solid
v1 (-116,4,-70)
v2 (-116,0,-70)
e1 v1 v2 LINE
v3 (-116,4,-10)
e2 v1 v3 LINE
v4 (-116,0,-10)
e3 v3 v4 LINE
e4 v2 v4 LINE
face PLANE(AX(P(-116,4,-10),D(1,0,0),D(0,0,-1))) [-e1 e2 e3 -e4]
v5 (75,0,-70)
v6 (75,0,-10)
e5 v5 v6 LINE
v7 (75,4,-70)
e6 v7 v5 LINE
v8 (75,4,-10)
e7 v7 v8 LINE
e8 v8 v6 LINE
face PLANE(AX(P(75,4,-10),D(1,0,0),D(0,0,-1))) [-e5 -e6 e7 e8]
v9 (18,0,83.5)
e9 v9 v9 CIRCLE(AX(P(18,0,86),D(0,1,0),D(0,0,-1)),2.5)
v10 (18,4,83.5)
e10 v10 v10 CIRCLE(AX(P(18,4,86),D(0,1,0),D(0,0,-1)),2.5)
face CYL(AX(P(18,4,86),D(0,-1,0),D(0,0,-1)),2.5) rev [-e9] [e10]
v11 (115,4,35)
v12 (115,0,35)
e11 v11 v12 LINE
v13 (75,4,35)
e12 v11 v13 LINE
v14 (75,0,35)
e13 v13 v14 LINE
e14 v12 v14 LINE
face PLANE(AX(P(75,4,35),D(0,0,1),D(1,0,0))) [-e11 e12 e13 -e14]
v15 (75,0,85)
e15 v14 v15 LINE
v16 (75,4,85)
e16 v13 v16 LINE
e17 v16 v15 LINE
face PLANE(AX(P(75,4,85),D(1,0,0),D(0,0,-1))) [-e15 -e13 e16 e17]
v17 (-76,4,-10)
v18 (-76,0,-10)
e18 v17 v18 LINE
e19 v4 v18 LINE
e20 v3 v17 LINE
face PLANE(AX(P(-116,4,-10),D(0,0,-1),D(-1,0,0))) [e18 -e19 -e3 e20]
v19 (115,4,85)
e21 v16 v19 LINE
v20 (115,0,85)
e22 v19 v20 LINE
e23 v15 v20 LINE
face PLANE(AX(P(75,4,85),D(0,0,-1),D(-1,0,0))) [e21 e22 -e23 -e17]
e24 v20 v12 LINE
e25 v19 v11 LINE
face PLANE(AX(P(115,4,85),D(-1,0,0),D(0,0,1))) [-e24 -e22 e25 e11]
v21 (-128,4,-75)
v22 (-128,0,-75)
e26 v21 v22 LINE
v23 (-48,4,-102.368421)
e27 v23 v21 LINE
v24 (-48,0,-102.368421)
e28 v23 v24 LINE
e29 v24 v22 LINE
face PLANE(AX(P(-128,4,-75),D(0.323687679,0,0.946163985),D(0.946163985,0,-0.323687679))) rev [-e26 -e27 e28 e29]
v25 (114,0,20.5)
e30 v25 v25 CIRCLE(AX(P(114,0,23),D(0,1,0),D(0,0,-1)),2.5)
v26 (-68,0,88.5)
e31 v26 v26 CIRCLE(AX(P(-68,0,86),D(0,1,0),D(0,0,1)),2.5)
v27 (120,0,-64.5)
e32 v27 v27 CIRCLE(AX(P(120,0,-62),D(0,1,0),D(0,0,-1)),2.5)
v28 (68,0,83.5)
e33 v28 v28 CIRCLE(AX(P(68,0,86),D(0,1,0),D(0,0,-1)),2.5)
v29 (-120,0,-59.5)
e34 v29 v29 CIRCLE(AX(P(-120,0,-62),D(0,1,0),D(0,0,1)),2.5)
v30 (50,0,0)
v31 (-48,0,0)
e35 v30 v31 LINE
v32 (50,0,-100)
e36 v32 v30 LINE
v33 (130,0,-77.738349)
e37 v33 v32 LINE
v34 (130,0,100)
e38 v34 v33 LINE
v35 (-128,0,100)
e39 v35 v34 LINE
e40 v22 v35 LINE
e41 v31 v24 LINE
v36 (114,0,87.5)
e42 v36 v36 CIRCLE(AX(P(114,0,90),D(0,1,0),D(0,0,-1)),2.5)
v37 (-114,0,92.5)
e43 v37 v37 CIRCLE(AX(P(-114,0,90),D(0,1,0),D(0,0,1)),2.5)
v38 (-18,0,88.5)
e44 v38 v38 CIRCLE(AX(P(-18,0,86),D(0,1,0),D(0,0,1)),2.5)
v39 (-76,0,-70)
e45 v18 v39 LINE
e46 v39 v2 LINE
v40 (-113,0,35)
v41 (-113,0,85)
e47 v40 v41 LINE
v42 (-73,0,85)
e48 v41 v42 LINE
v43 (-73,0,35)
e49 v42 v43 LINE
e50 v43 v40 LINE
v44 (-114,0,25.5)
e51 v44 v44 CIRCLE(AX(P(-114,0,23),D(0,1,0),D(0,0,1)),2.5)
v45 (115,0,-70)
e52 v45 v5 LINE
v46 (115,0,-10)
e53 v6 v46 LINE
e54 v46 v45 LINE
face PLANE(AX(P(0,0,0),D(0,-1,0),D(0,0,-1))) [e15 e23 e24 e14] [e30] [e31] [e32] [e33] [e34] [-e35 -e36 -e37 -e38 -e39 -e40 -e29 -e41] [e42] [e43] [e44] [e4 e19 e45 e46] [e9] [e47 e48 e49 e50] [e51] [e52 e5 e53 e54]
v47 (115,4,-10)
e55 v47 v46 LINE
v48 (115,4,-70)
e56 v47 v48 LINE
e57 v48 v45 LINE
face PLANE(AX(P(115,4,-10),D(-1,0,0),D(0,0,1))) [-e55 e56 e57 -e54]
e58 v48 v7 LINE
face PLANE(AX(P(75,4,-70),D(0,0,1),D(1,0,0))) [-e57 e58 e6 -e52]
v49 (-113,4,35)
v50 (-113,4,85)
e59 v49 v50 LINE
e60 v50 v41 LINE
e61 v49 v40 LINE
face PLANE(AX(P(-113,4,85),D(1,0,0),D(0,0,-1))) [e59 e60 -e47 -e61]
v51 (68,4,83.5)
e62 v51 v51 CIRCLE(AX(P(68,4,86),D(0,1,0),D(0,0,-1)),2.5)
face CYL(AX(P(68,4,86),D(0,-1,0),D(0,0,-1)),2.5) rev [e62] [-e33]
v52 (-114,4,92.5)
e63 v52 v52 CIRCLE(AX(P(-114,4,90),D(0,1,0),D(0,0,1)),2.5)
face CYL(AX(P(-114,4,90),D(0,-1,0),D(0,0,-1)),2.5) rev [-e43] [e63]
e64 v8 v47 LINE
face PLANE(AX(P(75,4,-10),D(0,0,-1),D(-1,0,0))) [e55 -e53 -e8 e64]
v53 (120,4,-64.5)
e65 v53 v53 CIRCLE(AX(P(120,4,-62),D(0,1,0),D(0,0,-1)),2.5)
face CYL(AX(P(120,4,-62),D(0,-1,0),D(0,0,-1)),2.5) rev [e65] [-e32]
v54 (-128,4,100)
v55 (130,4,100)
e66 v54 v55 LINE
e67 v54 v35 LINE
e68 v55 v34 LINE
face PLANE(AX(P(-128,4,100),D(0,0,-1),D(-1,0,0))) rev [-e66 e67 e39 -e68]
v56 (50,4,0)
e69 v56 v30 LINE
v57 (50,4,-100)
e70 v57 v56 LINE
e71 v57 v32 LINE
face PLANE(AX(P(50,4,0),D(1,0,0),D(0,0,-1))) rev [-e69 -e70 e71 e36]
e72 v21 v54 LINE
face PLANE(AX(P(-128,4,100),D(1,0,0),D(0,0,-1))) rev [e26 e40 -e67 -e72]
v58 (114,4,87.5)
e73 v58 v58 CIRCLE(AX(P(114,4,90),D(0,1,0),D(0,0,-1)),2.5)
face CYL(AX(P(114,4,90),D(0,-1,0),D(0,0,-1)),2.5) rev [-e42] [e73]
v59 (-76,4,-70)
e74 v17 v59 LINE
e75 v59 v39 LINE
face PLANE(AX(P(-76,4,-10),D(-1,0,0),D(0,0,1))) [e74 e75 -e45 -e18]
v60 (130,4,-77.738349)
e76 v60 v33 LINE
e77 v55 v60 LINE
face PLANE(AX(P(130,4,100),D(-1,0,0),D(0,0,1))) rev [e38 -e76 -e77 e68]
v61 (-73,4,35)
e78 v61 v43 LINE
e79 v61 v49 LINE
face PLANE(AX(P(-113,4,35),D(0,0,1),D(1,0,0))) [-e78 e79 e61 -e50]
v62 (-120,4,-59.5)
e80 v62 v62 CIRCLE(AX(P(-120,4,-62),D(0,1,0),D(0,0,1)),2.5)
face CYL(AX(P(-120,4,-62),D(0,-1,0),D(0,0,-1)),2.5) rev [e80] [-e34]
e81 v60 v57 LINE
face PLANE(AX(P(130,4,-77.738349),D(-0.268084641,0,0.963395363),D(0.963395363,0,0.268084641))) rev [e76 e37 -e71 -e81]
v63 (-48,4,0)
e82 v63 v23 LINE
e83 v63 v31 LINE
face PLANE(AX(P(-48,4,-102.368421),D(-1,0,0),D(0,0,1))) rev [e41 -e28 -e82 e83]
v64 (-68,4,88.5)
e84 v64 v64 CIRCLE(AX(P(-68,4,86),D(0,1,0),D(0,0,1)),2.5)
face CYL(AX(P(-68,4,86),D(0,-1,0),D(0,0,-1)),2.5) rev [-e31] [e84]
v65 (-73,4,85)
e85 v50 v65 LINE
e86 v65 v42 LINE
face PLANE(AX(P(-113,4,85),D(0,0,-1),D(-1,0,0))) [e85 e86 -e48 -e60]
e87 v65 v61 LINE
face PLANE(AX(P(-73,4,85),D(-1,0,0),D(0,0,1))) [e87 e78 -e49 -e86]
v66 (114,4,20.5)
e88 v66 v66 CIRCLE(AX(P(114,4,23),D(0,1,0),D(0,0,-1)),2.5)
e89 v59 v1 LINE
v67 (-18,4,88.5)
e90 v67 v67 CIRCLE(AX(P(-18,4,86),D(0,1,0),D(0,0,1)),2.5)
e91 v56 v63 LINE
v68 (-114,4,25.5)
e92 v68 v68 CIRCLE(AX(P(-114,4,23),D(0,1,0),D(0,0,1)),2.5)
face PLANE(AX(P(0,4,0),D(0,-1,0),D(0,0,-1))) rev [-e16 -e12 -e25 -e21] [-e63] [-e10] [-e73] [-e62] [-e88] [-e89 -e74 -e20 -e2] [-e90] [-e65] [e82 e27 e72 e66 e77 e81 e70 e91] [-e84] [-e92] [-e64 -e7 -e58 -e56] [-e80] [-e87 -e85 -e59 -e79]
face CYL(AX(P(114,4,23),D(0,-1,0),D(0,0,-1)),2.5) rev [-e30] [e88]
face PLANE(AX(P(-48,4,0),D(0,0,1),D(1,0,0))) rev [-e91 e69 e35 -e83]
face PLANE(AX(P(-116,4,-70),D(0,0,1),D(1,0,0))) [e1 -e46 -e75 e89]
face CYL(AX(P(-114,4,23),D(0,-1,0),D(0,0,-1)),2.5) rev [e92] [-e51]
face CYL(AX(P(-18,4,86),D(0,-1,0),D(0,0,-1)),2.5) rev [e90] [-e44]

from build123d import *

# Parameters (mm, degrees)
SKETCH1_R           = 2.5
SKETCH1_W           = 40
SKETCH1_H           = 50
SKETCH1_H_2         = 60
BOSS_EXTRUDE1_DEPTH = 4


with BuildPart() as part:
    # Sketch1 → Boss-Extrude1 (new body)
    with BuildSketch(Plane(origin=(0, 0, 0), x_dir=(1, 0, 0), z_dir=(0, 1, 0))):
        Polygon((-48, 102.368421053), (-48, 0), (50, 0), (50, 100), (130, 77.738349066), (130, -100), (-128, -100), (-128, 75), align=None)
        with Locations(Location((-114, -90, 0), (0, 0, 270))):
            Circle(SKETCH1_R, mode=Mode.SUBTRACT)
        with Locations(Location((-68, -86, 0), (0, 0, 270))):
            Circle(SKETCH1_R, mode=Mode.SUBTRACT)
        with Locations(Location((-18, -86, 0), (0, 0, 270))):
            Circle(SKETCH1_R, mode=Mode.SUBTRACT)
        with Locations(Location((-120, 62, 0), (0, 0, 270))):
            Circle(SKETCH1_R, mode=Mode.SUBTRACT)
        with Locations(Location((-114, -23, 0), (0, 0, 270))):
            Circle(SKETCH1_R, mode=Mode.SUBTRACT)
        with Locations(Location((18, -86, 0), (0, 0, 90))):
            Circle(SKETCH1_R, mode=Mode.SUBTRACT)
        with Locations(Location((68, -86, 0), (0, 0, 90))):
            Circle(SKETCH1_R, mode=Mode.SUBTRACT)
        with Locations(Location((114, -90, 0), (0, 0, 90))):
            Circle(SKETCH1_R, mode=Mode.SUBTRACT)
        with Locations(Location((114, -23, 0), (0, 0, 90))):
            Circle(SKETCH1_R, mode=Mode.SUBTRACT)
        with Locations(Location((120, 62, 0), (0, 0, 90))):
            Circle(SKETCH1_R, mode=Mode.SUBTRACT)
        with Locations((95, -60)):
            Rectangle(SKETCH1_W, SKETCH1_H, mode=Mode.SUBTRACT)
        with Locations((95, 40)):
            Rectangle(SKETCH1_W, SKETCH1_H_2, mode=Mode.SUBTRACT)
        with Locations((-96, 40)):
            Rectangle(SKETCH1_W, SKETCH1_H_2, mode=Mode.SUBTRACT)
        with Locations((-93, -60)):
            Rectangle(SKETCH1_W, SKETCH1_H, mode=Mode.SUBTRACT)
    extrude(amount=BOSS_EXTRUDE1_DEPTH)


solid = part.part
